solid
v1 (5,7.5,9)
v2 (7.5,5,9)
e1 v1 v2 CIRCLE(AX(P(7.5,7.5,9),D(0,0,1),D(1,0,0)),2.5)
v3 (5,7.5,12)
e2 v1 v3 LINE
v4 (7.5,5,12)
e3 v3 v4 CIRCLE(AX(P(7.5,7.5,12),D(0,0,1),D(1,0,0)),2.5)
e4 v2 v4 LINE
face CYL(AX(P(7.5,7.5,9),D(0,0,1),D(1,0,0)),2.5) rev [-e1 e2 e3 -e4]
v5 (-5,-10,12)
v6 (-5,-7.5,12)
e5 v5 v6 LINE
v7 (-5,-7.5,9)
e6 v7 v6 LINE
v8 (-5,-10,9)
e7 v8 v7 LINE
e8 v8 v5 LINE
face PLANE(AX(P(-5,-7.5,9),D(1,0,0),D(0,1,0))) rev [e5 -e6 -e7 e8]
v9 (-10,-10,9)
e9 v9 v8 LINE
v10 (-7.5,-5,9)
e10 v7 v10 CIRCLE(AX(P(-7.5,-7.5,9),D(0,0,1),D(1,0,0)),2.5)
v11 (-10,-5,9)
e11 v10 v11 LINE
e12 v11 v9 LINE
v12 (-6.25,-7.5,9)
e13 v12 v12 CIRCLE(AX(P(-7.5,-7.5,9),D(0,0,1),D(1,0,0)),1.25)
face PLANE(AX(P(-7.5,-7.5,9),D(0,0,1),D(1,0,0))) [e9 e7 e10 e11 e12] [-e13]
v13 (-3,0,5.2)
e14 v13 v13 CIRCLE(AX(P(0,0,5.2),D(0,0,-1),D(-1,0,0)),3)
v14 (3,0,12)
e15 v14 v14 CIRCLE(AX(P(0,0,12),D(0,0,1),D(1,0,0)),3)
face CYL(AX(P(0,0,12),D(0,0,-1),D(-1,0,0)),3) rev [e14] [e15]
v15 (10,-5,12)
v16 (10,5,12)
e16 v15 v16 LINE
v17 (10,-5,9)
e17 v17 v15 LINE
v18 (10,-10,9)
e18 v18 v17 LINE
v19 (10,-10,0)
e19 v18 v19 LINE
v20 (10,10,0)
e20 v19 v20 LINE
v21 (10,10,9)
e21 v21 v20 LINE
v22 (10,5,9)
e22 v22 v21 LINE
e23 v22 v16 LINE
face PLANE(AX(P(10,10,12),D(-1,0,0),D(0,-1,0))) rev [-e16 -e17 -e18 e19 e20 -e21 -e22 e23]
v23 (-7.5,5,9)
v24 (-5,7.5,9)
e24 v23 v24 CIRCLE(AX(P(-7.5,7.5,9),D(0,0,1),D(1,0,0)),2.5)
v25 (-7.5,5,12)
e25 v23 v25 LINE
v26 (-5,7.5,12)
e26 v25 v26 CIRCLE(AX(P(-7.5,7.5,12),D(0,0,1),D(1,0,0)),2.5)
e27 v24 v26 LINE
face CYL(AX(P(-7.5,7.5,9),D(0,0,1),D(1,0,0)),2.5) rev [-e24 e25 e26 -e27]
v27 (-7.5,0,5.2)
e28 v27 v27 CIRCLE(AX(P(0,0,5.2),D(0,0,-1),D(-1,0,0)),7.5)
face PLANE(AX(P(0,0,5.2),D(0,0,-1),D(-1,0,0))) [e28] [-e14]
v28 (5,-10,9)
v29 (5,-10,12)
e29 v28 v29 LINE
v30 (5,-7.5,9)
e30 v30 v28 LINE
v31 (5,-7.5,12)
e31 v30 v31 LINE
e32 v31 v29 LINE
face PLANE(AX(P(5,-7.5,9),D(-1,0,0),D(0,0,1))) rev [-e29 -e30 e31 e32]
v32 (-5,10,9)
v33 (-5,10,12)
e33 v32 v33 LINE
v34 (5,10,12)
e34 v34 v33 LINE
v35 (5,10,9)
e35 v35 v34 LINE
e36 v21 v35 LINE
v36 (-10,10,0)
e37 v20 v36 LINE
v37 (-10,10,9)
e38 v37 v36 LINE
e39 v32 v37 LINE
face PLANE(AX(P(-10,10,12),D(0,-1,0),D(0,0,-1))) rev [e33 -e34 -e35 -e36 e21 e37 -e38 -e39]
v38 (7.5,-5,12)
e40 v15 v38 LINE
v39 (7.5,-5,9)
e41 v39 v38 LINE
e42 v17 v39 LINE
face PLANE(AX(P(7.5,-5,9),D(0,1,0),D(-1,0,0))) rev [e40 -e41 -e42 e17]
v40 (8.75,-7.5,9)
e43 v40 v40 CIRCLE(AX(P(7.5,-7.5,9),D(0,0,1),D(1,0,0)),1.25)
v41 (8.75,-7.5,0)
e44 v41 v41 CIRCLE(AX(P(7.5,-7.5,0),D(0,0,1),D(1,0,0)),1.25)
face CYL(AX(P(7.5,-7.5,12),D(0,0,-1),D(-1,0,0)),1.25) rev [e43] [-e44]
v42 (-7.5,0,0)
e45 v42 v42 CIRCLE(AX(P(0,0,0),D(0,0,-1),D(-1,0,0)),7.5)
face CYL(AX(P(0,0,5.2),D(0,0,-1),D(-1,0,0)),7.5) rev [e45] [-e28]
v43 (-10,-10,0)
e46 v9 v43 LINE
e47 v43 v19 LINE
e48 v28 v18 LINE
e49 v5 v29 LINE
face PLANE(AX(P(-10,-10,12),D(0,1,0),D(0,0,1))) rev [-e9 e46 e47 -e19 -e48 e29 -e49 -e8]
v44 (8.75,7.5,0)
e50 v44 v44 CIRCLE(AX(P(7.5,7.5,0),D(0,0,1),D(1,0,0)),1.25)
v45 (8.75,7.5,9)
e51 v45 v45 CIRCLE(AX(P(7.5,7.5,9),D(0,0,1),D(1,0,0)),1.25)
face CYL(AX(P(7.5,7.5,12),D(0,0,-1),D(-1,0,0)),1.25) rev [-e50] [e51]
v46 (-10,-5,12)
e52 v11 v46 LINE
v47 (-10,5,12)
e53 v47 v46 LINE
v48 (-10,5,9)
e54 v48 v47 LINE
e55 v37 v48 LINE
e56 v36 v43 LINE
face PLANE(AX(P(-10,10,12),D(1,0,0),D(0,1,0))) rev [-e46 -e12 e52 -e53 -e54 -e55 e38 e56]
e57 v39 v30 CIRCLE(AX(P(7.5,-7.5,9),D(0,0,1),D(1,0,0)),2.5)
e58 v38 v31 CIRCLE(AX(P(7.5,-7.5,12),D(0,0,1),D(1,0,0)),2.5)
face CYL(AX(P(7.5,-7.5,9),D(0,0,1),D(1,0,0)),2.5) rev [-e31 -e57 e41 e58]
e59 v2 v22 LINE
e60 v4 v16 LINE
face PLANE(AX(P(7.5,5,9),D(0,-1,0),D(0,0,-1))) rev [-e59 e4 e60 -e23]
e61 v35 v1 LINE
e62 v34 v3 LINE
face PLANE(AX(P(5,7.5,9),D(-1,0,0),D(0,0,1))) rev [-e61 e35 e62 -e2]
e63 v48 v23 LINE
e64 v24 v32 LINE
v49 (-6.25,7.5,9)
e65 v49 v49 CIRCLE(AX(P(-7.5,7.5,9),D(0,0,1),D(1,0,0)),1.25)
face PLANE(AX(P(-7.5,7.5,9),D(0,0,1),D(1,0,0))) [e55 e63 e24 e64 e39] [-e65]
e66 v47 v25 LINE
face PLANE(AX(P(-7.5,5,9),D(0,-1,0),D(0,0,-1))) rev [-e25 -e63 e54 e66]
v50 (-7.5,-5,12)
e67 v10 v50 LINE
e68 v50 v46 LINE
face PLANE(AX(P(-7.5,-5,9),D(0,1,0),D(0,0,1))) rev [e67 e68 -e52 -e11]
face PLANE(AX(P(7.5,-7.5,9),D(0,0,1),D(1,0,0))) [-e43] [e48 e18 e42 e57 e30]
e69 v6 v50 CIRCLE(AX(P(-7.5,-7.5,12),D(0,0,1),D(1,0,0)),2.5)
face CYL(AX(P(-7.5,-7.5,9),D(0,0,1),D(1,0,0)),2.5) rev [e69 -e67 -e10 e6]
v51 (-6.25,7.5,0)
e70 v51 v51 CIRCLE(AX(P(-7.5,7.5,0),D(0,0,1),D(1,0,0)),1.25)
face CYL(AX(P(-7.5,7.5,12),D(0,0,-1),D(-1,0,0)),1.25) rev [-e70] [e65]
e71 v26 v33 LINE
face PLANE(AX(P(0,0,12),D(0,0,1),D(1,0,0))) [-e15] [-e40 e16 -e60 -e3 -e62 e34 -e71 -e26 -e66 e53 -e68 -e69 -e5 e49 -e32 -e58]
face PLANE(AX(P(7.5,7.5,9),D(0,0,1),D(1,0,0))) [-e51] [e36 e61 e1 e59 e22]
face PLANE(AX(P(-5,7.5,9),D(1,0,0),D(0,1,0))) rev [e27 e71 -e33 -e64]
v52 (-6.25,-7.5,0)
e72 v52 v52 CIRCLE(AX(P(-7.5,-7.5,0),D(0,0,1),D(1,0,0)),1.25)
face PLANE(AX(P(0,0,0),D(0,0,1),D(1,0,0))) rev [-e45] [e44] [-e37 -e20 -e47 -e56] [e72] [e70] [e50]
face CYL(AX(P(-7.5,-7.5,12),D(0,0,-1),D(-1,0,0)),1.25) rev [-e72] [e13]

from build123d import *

# Parameters (mm, degrees)
SKETCH_1_W          = 20
SKETCH_1_H          = 20
SKETCH_1_R          = 1.25
SKETCH_1_R_2        = 3
EXTRUDE_1_DEPTH     = 12
SKETCH_2_R          = 7.5
CUT_EXTRUDE_1_DEPTH = 5.2
CUT_EXTRUDE_2_DEPTH = 3


with BuildPart() as part:
    # 스케치1 → 보스-돌출1 (new body)
    with BuildSketch(Plane.XY):
        Rectangle(SKETCH_1_W, SKETCH_1_H)
        with Locations((-7.5, 7.5)):
            Circle(SKETCH_1_R, mode=Mode.SUBTRACT)
        with Locations((7.5, 7.5)):
            Circle(SKETCH_1_R, mode=Mode.SUBTRACT)
        with Locations((-7.5, -7.5)):
            Circle(SKETCH_1_R, mode=Mode.SUBTRACT)
        with Locations((7.5, -7.5)):
            Circle(SKETCH_1_R, mode=Mode.SUBTRACT)
        Circle(SKETCH_1_R_2, mode=Mode.SUBTRACT)
    extrude(amount=EXTRUDE_1_DEPTH)

    # 스케치2 → 컷-돌출1 (cut)
    with BuildSketch(Plane(origin=(0, 0, 0), x_dir=(-1, 0, 0), z_dir=(0, 0, -1))):
        Circle(SKETCH_2_R)
    extrude(amount=-CUT_EXTRUDE_1_DEPTH, mode=Mode.SUBTRACT)

    # 스케치3 → 컷-돌출2 (cut)
    with BuildSketch(Plane.XY.offset(12)):
        with BuildLine():
            Line((-10, -10), (-5, -10))
            Line((-5, -10), (-5, -7.5))
            ThreePointArc((-5, -7.5), (-5.732233047, -5.732233047), (-7.5, -5))
            Line((-7.5, -5), (-10, -5))
            Line((-10, -5), (-10, -10))
        make_face()
        with BuildLine():
            Line((-7.5, 5), (-10, 5))
            Line((-10, 5), (-10, 10))
            Line((-10, 10), (-5, 10))
            Line((-5, 10), (-5, 7.5))
            ThreePointArc((-5, 7.5), (-5.732233047, 5.732233047), (-7.5, 5))
        make_face()
        with BuildLine():
            Line((7.5, 5), (10, 5))
            Line((10, 5), (10, 10))
            Line((10, 10), (5, 10))
            Line((5, 10), (5, 7.5))
            ThreePointArc((5, 7.5), (5.732233047, 5.732233047), (7.5, 5))
        make_face()
        with BuildLine():
            Line((7.5, -5), (10, -5))
            Line((10, -5), (10, -10))
            Line((10, -10), (5, -10))
            Line((5, -10), (5, -7.5))
            ThreePointArc((5, -7.5), (5.732233047, -5.732233047), (7.5, -5))
        make_face()
    extrude(amount=-CUT_EXTRUDE_2_DEPTH, mode=Mode.SUBTRACT)


solid = part.part
